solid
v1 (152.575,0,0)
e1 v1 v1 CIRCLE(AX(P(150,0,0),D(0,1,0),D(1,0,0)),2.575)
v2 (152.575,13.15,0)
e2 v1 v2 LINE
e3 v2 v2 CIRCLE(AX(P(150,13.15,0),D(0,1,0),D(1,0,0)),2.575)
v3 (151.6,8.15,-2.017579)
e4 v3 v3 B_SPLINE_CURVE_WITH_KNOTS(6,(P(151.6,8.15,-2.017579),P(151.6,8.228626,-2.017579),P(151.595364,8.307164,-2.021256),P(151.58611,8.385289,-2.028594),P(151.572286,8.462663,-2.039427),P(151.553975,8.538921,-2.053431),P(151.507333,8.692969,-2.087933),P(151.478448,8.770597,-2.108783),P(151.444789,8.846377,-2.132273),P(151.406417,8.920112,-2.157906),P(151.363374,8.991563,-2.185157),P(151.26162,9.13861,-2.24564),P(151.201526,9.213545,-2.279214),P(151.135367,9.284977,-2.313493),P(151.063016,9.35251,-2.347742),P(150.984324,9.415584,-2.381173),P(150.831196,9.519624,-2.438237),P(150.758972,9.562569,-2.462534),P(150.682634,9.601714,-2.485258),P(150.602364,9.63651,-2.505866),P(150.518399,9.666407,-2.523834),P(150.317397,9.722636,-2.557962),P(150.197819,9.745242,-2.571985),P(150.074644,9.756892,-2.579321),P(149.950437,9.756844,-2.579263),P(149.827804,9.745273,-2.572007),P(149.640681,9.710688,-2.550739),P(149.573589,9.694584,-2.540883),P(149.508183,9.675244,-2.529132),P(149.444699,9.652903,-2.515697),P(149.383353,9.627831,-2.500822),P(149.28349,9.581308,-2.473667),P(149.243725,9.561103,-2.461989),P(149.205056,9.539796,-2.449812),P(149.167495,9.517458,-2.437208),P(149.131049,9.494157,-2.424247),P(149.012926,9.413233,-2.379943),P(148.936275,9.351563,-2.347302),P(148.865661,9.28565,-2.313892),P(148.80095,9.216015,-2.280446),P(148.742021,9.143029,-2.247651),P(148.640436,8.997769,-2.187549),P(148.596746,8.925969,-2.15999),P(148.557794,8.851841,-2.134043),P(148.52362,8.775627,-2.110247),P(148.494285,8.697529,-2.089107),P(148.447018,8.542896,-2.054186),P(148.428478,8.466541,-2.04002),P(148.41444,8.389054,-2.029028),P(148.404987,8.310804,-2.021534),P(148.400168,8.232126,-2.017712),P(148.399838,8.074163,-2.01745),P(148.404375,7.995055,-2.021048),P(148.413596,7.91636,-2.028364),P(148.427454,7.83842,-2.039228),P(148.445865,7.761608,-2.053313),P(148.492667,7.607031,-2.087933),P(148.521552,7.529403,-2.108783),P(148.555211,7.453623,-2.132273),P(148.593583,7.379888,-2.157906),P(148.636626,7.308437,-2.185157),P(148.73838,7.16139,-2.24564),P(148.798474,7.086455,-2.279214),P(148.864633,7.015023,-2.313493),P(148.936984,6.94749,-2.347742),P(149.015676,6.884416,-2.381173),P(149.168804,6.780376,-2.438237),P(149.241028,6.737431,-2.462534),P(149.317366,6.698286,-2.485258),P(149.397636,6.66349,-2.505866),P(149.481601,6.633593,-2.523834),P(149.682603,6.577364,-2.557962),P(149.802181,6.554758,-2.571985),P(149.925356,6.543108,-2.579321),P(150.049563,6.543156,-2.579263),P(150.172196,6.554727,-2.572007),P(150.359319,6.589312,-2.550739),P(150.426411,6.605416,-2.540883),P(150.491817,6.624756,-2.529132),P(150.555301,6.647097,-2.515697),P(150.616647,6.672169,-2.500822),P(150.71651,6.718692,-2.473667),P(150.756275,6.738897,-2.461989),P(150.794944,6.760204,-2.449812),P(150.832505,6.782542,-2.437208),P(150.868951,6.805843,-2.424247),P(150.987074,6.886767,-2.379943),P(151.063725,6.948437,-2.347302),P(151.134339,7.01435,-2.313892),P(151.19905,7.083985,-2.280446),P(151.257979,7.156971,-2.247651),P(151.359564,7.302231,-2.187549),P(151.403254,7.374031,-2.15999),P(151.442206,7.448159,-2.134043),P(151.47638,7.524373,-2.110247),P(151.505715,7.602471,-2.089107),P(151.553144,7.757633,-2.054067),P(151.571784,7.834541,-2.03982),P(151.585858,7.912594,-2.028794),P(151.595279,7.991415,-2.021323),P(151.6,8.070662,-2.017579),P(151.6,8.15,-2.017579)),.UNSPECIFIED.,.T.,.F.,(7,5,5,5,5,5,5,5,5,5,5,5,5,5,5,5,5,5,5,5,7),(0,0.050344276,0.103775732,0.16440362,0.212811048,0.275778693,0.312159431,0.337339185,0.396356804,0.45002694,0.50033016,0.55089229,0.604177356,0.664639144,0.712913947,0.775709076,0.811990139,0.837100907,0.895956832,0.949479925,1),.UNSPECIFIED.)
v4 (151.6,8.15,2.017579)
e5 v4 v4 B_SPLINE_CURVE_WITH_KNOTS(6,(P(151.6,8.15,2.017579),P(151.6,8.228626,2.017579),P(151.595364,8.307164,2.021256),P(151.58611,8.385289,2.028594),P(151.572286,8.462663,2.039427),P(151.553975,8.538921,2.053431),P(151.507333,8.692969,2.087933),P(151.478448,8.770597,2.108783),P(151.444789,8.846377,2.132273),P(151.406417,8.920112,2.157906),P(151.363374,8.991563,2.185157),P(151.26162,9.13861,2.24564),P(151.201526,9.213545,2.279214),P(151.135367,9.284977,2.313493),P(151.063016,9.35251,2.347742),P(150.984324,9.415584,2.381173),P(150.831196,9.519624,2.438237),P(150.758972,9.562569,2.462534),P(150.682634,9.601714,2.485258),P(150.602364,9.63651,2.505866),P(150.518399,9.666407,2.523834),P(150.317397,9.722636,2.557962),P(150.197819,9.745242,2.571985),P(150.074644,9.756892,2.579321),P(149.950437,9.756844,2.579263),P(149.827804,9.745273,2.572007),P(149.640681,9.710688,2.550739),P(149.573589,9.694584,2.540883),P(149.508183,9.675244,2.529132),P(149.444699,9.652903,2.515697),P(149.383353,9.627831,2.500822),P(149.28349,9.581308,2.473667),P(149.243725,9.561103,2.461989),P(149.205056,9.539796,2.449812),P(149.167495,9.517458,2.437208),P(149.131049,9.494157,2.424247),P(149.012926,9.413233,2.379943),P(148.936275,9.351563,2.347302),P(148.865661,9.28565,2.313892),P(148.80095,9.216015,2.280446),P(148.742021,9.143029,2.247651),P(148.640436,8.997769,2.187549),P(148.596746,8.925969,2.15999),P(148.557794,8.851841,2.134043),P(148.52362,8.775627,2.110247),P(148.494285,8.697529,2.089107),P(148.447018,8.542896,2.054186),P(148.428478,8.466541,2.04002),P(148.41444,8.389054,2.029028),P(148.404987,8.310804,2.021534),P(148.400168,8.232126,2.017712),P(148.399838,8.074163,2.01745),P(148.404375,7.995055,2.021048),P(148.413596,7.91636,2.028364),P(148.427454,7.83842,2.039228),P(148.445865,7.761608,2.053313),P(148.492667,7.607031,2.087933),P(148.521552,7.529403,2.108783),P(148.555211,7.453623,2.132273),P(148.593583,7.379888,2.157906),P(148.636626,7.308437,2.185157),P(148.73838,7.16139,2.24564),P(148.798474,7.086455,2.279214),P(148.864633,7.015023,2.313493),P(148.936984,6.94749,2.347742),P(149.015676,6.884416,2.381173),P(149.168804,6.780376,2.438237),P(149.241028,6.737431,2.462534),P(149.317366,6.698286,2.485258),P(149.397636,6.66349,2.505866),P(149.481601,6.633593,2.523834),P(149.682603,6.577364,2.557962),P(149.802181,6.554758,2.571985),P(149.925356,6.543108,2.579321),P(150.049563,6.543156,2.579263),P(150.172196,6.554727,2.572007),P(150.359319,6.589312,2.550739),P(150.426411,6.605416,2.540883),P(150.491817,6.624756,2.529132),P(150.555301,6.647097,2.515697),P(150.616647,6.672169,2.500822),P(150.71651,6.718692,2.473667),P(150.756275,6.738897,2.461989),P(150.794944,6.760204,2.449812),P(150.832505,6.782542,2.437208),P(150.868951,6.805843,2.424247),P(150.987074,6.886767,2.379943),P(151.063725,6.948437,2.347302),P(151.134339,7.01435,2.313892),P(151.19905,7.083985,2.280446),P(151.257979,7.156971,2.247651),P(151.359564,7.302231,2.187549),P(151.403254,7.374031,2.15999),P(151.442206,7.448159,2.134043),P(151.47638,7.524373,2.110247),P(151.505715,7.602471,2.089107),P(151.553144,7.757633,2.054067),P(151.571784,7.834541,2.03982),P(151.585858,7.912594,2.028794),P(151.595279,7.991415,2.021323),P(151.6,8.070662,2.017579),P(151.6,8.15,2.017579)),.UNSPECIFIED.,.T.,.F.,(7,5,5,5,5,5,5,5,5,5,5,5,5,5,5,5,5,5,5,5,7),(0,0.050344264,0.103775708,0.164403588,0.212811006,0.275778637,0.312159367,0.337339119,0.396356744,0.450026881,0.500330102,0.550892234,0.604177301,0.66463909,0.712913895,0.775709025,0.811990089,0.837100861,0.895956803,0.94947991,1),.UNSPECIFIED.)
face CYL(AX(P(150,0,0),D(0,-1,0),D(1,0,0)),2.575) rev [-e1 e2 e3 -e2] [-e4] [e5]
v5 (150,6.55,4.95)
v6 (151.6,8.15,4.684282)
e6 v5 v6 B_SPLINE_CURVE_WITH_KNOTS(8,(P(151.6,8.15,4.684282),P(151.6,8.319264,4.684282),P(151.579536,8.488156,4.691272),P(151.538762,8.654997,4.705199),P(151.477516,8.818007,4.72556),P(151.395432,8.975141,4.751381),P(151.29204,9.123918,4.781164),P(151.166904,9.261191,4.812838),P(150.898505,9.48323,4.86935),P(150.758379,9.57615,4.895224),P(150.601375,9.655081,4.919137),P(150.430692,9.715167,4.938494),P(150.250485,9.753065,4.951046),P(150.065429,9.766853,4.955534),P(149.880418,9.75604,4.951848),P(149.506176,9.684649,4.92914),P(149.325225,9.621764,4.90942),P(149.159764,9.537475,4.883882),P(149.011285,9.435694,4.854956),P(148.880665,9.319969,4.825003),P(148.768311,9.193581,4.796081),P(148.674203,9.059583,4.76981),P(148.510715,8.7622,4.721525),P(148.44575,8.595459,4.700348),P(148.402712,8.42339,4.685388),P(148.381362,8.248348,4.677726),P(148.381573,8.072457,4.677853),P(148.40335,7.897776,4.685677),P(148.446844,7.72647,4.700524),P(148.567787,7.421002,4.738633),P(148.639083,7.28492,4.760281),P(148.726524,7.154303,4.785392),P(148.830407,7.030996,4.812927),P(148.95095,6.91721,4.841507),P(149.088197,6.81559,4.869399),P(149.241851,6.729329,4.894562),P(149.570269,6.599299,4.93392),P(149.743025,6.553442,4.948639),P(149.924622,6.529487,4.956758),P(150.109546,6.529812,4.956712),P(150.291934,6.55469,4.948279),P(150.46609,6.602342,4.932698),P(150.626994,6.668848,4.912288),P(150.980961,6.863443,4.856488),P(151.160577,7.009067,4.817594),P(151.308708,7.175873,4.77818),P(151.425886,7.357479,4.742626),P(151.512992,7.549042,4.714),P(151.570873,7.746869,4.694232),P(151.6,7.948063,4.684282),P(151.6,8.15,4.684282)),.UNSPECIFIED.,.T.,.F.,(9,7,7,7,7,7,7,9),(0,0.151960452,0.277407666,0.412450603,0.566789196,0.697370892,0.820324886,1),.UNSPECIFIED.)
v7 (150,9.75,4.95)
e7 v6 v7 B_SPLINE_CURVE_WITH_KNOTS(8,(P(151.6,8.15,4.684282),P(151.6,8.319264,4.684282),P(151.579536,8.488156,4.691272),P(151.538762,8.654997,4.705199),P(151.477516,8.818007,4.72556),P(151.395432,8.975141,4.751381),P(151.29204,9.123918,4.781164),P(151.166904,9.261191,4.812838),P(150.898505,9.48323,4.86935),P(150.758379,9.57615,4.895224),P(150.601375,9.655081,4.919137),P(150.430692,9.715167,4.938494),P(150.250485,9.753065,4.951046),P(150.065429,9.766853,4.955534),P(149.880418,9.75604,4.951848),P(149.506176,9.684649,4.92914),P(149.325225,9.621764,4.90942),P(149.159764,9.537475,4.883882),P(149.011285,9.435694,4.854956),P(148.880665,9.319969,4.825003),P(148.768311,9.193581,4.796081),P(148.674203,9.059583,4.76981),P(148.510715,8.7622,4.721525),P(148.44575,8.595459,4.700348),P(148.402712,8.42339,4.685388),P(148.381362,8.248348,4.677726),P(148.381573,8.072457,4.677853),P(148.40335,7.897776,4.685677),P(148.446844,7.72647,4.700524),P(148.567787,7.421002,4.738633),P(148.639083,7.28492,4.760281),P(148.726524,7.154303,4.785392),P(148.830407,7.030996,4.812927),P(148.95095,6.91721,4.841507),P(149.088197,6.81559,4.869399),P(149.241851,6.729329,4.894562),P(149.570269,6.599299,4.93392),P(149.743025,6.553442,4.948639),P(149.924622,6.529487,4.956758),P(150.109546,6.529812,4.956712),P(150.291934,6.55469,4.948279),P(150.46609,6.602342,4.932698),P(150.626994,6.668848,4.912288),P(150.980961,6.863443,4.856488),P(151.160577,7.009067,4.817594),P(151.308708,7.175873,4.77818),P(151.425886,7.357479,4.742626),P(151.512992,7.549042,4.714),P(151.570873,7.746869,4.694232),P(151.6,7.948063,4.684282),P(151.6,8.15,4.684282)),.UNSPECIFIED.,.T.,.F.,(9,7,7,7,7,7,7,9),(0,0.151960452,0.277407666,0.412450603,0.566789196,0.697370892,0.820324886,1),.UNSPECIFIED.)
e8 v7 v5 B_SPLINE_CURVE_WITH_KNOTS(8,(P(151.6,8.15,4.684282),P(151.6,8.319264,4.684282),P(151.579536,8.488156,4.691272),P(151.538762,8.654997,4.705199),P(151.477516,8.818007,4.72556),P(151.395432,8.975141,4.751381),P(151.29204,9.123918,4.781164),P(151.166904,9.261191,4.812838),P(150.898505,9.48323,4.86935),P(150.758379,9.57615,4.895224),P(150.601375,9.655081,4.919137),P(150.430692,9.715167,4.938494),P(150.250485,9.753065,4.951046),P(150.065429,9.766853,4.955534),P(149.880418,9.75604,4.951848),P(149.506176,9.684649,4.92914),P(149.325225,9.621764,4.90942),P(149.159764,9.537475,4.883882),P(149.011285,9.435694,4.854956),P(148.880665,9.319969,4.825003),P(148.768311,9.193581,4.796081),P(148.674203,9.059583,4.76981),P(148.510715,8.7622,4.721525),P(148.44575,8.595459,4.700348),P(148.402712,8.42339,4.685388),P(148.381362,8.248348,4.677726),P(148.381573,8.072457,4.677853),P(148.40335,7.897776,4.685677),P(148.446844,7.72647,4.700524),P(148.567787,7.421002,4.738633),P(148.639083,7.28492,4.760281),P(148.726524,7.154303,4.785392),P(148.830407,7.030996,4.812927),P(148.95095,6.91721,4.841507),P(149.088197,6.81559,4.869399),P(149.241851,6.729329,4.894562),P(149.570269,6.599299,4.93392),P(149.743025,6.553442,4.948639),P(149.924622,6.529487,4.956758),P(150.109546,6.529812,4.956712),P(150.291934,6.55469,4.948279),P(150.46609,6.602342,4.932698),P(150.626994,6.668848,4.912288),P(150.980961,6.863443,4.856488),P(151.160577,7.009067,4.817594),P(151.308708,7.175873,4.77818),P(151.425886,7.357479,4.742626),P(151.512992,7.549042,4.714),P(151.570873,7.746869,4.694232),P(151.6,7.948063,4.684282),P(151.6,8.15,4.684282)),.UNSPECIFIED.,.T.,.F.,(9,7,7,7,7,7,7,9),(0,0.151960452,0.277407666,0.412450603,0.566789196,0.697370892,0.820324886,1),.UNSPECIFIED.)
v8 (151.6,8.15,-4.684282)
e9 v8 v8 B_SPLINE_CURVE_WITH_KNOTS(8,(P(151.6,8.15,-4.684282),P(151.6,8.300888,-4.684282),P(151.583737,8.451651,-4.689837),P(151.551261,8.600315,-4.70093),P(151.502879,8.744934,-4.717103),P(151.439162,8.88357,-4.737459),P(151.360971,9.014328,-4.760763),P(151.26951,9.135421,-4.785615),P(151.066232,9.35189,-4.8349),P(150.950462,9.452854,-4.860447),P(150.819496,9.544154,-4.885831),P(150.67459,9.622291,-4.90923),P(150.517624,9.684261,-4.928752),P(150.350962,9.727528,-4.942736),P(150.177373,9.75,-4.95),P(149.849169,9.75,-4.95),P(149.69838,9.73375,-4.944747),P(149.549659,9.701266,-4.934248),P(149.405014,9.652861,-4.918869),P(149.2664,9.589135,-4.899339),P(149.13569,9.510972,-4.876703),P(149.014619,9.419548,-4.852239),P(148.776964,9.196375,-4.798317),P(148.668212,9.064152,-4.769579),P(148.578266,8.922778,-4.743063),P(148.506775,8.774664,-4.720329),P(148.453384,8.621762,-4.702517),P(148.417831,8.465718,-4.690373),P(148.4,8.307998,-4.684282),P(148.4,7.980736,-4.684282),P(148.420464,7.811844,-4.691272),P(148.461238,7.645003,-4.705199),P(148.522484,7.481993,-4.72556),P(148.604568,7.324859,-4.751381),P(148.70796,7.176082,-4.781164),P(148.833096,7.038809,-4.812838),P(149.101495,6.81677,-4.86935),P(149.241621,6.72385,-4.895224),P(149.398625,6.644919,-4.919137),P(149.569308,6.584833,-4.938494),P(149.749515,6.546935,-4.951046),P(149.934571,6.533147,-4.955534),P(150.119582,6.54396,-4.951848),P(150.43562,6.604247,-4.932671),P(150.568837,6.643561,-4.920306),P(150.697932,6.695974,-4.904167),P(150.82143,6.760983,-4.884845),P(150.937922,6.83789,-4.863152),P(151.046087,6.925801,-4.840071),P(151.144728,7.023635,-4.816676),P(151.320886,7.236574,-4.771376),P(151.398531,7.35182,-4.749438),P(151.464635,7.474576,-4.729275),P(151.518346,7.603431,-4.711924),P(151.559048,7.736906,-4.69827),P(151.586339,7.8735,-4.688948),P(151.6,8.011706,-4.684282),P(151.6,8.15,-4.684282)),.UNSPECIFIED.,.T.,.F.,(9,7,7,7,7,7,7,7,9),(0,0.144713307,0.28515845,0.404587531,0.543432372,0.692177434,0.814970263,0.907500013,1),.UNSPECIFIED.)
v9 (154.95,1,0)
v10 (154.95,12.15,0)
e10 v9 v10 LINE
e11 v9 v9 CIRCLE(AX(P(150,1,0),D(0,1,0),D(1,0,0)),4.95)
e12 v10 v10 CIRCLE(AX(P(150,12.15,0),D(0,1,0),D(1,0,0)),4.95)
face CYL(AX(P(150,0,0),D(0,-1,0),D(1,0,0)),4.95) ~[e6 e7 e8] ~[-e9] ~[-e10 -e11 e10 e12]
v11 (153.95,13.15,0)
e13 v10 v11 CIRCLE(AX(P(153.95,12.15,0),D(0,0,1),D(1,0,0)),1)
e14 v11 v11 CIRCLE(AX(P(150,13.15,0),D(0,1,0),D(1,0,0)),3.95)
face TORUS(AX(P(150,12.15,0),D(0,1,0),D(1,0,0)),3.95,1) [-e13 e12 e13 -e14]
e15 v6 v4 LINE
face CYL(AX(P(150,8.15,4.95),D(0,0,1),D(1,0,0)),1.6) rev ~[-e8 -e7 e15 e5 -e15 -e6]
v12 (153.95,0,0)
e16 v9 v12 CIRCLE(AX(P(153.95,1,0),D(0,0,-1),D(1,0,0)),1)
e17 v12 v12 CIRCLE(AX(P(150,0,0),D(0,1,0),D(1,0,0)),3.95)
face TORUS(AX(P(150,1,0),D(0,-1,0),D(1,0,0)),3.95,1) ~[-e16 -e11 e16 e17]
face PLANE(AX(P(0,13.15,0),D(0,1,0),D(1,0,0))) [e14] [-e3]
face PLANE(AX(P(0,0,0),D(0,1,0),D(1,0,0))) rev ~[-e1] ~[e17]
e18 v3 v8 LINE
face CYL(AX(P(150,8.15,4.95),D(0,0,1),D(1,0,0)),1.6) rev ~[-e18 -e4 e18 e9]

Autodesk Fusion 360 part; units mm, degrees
sketch "Sketch1" plane through (0, 0, 0) normal (0, 1, 0) x (1, 0, 0)
  circle A0 centre (150, 0) radius 4.95
  circle A1 centre (150, 0) radius 2.575
  dimension "d1" = 9.9
  dimension "d2" = 5.15
extrude "Extrude1" add sketch "Sketch1" along normal blind 13.15
ref_plane "WorkPlane1" through (150, 7.9424, 4.95) normal (0, 0, 1) x (-1, 0, 0)
sketch "Sketch2" plane through (0, 0, 4.95) normal (0, 0, 1) x (1, 0, 0)
  line L0 (154.95, 13.15) -> (145.05, 13.15) construction
  line L1 (154.95, 0) -> (145.05, 0) construction
  line L2 (150, 13.15) -> (150, 0) construction
  circle A0 centre (150, 8.15) radius 1.6
  dimension "d6" = 3.2
  dimension "d7" = 5
extrude "Extrude2" cut sketch "Sketch2" against normal blind 16
fillet "Fillet1" radius 1 2 edges at (145.385, 13.15, 1.79) (145.385, 0, 1.79)
